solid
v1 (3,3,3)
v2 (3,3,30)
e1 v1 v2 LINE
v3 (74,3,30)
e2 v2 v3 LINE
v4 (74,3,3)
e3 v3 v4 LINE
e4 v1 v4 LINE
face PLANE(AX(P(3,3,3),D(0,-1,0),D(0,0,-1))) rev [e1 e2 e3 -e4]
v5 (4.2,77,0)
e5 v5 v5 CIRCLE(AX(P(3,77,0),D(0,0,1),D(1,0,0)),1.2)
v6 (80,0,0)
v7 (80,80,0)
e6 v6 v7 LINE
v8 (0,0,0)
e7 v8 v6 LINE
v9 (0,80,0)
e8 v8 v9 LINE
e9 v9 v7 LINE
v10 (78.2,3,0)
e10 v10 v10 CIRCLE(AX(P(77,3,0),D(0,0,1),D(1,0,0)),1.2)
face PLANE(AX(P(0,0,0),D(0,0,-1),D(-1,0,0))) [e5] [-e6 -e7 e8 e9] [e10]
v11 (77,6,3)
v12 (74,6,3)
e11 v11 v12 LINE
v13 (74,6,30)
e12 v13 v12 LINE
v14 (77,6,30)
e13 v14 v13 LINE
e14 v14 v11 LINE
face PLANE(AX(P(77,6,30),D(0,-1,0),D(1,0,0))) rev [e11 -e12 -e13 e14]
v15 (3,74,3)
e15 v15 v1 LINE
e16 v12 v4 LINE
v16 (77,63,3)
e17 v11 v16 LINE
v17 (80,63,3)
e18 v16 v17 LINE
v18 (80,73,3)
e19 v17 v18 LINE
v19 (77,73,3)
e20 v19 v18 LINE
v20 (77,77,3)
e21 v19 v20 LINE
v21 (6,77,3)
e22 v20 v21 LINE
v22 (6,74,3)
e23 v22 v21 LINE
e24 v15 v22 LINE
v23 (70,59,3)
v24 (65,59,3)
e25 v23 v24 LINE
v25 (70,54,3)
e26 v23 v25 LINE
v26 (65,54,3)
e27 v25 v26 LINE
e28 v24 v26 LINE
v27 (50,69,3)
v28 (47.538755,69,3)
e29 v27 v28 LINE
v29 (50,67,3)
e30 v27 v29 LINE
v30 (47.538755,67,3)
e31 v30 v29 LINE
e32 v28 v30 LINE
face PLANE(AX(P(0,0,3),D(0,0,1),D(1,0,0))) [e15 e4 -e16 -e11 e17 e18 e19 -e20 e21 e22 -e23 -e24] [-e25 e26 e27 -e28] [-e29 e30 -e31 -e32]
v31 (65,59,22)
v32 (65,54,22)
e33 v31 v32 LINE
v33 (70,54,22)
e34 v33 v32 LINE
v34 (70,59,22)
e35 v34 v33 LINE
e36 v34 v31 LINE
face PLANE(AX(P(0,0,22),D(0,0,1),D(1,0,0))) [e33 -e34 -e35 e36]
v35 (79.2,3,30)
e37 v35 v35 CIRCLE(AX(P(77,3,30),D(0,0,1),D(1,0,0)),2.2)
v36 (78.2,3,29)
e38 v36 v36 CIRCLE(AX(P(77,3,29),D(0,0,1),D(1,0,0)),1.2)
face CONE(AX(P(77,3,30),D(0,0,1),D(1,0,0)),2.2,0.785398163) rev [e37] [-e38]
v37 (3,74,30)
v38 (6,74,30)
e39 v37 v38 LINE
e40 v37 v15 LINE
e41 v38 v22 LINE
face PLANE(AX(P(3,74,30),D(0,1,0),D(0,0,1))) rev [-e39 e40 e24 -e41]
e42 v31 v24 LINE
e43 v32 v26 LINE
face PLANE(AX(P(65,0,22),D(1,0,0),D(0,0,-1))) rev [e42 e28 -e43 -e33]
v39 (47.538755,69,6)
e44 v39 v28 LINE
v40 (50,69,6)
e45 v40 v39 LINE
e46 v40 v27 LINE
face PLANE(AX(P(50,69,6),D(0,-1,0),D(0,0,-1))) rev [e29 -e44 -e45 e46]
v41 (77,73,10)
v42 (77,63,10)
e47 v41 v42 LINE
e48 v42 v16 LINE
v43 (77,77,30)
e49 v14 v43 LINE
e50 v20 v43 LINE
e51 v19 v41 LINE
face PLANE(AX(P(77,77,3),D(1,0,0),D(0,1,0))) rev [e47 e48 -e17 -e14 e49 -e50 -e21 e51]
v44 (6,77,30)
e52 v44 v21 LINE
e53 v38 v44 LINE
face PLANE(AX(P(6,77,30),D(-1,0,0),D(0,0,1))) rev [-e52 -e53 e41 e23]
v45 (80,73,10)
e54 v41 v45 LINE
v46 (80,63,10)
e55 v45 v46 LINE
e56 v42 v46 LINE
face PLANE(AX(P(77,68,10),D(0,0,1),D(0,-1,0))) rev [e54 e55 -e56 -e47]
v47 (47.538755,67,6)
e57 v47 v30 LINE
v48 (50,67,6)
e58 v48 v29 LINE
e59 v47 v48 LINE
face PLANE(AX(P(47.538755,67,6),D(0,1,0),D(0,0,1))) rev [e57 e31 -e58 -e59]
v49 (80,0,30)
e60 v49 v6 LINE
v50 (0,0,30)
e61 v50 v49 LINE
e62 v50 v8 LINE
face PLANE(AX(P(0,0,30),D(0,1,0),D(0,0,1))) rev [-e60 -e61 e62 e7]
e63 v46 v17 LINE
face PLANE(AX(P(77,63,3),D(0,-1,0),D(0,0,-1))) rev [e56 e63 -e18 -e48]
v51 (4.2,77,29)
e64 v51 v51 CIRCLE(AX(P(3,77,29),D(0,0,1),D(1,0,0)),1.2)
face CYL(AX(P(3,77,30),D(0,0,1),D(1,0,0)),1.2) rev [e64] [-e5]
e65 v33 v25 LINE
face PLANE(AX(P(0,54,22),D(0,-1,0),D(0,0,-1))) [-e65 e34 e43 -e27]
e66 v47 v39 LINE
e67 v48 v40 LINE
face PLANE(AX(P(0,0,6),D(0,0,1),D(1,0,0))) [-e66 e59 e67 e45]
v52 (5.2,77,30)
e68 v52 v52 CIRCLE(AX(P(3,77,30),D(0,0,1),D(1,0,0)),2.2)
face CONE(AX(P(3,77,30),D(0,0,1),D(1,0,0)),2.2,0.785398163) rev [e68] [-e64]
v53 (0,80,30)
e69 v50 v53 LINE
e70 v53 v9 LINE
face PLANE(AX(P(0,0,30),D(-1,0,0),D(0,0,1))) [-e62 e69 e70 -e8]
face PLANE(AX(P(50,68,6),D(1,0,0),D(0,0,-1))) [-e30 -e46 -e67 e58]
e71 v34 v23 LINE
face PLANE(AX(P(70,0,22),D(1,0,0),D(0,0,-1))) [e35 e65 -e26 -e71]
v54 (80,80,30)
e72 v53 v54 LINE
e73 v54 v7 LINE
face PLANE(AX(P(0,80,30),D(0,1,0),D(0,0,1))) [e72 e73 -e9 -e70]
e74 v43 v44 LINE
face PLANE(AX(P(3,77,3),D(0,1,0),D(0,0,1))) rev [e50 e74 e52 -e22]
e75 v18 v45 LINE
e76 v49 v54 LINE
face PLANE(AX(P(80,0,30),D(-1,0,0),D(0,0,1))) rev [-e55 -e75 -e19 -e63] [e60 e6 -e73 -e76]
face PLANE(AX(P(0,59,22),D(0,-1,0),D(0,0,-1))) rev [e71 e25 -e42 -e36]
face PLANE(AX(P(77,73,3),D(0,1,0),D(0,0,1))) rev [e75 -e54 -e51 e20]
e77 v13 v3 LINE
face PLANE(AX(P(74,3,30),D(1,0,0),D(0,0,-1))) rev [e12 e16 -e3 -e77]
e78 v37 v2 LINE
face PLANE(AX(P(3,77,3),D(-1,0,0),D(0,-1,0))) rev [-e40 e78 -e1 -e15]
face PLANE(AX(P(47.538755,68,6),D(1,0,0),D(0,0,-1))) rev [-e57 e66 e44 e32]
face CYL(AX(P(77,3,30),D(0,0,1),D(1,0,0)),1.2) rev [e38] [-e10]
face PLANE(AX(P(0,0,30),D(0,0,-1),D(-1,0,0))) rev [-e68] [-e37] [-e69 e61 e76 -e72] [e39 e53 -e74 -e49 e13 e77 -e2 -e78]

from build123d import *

# Parameters (mm, degrees)
SKETCH1_W                                           = 80
SKETCH1_H                                           = 80
BOSS_EXTRUDE1_DEPTH                                 = 30
SKETCH2_W                                           = 74
SKETCH2_H                                           = 74
CUT_EXTRUDE1_DEPTH                                  = 27
CUT_EXTRUDE2_DEPTH                                  = 3
SKETCH5_W                                           = 3
SKETCH5_H                                           = 3
BOSS_EXTRUDE3_DEPTH                                 = 27
SKETCH6_W                                           = 3
SKETCH6_H                                           = 3
BOSS_EXTRUDE4_DEPTH                                 = 27
CSK_FOR_M2_COUNTERSUNK_FLAT_HEAD_SCREW1_D           = 2.4
CSK_FOR_M2_COUNTERSUNK_FLAT_HEAD_SCREW1_CSINK_D     = 4.4
CSK_FOR_M2_COUNTERSUNK_FLAT_HEAD_SCREW1_CSINK_ANGLE = 90
BOSS_EXTRUDE5_DEPTH                                 = 3
SKETCH10_W                                          = 5
SKETCH10_H                                          = 5
BOSS_EXTRUDE6_DEPTH                                 = 19


with BuildPart() as part:
    # Sketch1 → Boss-Extrude1 (new body)
    with BuildSketch(Plane.XY):
        with Locations((40, 40)):
            Rectangle(SKETCH1_W, SKETCH1_H)
    extrude(amount=BOSS_EXTRUDE1_DEPTH)

    # Sketch2 → Cut-Extrude1 (cut)
    with BuildSketch(Plane.XY.offset(30)):
        with Locations((40, 40)):
            Rectangle(SKETCH2_W, SKETCH2_H)
    extrude(amount=-CUT_EXTRUDE1_DEPTH, mode=Mode.SUBTRACT)

    # Sketch3 → Cut-Extrude2 (cut)
    with BuildSketch(Plane(origin=(80, 0, 0), x_dir=(0, 0, -1), z_dir=(1, 0, 0))):
        Polygon((-3, 68), (-3, 63), (-10, 63), (-10, 68), (-10, 73), (-3, 73), align=None)
    extrude(amount=-CUT_EXTRUDE2_DEPTH, mode=Mode.SUBTRACT)

    # Sketch5 → Boss-Extrude3 (add)
    with BuildSketch(Plane.XY.offset(3)):
        with Locations((4.5, 75.5)):
            Rectangle(SKETCH5_W, SKETCH5_H)
    extrude(amount=BOSS_EXTRUDE3_DEPTH)

    # Sketch6 → Boss-Extrude4 (add)
    with BuildSketch(Plane.XY.offset(3)):
        with Locations((75.5, 4.5)):
            Rectangle(SKETCH6_W, SKETCH6_H)
    extrude(amount=BOSS_EXTRUDE4_DEPTH)

    # CSK for M2 Countersunk Flat Head Screw1 (through all)
    with Locations(Plane.XY.offset(30)):
        with Locations((3, 77), (77, 3)):
            CounterSinkHole(CSK_FOR_M2_COUNTERSUNK_FLAT_HEAD_SCREW1_D / 2, CSK_FOR_M2_COUNTERSUNK_FLAT_HEAD_SCREW1_CSINK_D / 2, counter_sink_angle=CSK_FOR_M2_COUNTERSUNK_FLAT_HEAD_SCREW1_CSINK_ANGLE)

    # Sketch9 → Boss-Extrude5 (add)
    with BuildSketch(Plane.XY.offset(3)):
        Polygon((50, 68), (50, 69), (47.538755388, 69), (47.538755388, 68), (47.538755388, 67), (50, 67), align=None)
    extrude(amount=BOSS_EXTRUDE5_DEPTH)

    # Sketch10 → Boss-Extrude6 (add)
    with BuildSketch(Plane.XY.offset(3)):
        with Locations((67.5, 56.5)):
            Rectangle(SKETCH10_W, SKETCH10_H)
    extrude(amount=BOSS_EXTRUDE6_DEPTH)


solid = part.part
